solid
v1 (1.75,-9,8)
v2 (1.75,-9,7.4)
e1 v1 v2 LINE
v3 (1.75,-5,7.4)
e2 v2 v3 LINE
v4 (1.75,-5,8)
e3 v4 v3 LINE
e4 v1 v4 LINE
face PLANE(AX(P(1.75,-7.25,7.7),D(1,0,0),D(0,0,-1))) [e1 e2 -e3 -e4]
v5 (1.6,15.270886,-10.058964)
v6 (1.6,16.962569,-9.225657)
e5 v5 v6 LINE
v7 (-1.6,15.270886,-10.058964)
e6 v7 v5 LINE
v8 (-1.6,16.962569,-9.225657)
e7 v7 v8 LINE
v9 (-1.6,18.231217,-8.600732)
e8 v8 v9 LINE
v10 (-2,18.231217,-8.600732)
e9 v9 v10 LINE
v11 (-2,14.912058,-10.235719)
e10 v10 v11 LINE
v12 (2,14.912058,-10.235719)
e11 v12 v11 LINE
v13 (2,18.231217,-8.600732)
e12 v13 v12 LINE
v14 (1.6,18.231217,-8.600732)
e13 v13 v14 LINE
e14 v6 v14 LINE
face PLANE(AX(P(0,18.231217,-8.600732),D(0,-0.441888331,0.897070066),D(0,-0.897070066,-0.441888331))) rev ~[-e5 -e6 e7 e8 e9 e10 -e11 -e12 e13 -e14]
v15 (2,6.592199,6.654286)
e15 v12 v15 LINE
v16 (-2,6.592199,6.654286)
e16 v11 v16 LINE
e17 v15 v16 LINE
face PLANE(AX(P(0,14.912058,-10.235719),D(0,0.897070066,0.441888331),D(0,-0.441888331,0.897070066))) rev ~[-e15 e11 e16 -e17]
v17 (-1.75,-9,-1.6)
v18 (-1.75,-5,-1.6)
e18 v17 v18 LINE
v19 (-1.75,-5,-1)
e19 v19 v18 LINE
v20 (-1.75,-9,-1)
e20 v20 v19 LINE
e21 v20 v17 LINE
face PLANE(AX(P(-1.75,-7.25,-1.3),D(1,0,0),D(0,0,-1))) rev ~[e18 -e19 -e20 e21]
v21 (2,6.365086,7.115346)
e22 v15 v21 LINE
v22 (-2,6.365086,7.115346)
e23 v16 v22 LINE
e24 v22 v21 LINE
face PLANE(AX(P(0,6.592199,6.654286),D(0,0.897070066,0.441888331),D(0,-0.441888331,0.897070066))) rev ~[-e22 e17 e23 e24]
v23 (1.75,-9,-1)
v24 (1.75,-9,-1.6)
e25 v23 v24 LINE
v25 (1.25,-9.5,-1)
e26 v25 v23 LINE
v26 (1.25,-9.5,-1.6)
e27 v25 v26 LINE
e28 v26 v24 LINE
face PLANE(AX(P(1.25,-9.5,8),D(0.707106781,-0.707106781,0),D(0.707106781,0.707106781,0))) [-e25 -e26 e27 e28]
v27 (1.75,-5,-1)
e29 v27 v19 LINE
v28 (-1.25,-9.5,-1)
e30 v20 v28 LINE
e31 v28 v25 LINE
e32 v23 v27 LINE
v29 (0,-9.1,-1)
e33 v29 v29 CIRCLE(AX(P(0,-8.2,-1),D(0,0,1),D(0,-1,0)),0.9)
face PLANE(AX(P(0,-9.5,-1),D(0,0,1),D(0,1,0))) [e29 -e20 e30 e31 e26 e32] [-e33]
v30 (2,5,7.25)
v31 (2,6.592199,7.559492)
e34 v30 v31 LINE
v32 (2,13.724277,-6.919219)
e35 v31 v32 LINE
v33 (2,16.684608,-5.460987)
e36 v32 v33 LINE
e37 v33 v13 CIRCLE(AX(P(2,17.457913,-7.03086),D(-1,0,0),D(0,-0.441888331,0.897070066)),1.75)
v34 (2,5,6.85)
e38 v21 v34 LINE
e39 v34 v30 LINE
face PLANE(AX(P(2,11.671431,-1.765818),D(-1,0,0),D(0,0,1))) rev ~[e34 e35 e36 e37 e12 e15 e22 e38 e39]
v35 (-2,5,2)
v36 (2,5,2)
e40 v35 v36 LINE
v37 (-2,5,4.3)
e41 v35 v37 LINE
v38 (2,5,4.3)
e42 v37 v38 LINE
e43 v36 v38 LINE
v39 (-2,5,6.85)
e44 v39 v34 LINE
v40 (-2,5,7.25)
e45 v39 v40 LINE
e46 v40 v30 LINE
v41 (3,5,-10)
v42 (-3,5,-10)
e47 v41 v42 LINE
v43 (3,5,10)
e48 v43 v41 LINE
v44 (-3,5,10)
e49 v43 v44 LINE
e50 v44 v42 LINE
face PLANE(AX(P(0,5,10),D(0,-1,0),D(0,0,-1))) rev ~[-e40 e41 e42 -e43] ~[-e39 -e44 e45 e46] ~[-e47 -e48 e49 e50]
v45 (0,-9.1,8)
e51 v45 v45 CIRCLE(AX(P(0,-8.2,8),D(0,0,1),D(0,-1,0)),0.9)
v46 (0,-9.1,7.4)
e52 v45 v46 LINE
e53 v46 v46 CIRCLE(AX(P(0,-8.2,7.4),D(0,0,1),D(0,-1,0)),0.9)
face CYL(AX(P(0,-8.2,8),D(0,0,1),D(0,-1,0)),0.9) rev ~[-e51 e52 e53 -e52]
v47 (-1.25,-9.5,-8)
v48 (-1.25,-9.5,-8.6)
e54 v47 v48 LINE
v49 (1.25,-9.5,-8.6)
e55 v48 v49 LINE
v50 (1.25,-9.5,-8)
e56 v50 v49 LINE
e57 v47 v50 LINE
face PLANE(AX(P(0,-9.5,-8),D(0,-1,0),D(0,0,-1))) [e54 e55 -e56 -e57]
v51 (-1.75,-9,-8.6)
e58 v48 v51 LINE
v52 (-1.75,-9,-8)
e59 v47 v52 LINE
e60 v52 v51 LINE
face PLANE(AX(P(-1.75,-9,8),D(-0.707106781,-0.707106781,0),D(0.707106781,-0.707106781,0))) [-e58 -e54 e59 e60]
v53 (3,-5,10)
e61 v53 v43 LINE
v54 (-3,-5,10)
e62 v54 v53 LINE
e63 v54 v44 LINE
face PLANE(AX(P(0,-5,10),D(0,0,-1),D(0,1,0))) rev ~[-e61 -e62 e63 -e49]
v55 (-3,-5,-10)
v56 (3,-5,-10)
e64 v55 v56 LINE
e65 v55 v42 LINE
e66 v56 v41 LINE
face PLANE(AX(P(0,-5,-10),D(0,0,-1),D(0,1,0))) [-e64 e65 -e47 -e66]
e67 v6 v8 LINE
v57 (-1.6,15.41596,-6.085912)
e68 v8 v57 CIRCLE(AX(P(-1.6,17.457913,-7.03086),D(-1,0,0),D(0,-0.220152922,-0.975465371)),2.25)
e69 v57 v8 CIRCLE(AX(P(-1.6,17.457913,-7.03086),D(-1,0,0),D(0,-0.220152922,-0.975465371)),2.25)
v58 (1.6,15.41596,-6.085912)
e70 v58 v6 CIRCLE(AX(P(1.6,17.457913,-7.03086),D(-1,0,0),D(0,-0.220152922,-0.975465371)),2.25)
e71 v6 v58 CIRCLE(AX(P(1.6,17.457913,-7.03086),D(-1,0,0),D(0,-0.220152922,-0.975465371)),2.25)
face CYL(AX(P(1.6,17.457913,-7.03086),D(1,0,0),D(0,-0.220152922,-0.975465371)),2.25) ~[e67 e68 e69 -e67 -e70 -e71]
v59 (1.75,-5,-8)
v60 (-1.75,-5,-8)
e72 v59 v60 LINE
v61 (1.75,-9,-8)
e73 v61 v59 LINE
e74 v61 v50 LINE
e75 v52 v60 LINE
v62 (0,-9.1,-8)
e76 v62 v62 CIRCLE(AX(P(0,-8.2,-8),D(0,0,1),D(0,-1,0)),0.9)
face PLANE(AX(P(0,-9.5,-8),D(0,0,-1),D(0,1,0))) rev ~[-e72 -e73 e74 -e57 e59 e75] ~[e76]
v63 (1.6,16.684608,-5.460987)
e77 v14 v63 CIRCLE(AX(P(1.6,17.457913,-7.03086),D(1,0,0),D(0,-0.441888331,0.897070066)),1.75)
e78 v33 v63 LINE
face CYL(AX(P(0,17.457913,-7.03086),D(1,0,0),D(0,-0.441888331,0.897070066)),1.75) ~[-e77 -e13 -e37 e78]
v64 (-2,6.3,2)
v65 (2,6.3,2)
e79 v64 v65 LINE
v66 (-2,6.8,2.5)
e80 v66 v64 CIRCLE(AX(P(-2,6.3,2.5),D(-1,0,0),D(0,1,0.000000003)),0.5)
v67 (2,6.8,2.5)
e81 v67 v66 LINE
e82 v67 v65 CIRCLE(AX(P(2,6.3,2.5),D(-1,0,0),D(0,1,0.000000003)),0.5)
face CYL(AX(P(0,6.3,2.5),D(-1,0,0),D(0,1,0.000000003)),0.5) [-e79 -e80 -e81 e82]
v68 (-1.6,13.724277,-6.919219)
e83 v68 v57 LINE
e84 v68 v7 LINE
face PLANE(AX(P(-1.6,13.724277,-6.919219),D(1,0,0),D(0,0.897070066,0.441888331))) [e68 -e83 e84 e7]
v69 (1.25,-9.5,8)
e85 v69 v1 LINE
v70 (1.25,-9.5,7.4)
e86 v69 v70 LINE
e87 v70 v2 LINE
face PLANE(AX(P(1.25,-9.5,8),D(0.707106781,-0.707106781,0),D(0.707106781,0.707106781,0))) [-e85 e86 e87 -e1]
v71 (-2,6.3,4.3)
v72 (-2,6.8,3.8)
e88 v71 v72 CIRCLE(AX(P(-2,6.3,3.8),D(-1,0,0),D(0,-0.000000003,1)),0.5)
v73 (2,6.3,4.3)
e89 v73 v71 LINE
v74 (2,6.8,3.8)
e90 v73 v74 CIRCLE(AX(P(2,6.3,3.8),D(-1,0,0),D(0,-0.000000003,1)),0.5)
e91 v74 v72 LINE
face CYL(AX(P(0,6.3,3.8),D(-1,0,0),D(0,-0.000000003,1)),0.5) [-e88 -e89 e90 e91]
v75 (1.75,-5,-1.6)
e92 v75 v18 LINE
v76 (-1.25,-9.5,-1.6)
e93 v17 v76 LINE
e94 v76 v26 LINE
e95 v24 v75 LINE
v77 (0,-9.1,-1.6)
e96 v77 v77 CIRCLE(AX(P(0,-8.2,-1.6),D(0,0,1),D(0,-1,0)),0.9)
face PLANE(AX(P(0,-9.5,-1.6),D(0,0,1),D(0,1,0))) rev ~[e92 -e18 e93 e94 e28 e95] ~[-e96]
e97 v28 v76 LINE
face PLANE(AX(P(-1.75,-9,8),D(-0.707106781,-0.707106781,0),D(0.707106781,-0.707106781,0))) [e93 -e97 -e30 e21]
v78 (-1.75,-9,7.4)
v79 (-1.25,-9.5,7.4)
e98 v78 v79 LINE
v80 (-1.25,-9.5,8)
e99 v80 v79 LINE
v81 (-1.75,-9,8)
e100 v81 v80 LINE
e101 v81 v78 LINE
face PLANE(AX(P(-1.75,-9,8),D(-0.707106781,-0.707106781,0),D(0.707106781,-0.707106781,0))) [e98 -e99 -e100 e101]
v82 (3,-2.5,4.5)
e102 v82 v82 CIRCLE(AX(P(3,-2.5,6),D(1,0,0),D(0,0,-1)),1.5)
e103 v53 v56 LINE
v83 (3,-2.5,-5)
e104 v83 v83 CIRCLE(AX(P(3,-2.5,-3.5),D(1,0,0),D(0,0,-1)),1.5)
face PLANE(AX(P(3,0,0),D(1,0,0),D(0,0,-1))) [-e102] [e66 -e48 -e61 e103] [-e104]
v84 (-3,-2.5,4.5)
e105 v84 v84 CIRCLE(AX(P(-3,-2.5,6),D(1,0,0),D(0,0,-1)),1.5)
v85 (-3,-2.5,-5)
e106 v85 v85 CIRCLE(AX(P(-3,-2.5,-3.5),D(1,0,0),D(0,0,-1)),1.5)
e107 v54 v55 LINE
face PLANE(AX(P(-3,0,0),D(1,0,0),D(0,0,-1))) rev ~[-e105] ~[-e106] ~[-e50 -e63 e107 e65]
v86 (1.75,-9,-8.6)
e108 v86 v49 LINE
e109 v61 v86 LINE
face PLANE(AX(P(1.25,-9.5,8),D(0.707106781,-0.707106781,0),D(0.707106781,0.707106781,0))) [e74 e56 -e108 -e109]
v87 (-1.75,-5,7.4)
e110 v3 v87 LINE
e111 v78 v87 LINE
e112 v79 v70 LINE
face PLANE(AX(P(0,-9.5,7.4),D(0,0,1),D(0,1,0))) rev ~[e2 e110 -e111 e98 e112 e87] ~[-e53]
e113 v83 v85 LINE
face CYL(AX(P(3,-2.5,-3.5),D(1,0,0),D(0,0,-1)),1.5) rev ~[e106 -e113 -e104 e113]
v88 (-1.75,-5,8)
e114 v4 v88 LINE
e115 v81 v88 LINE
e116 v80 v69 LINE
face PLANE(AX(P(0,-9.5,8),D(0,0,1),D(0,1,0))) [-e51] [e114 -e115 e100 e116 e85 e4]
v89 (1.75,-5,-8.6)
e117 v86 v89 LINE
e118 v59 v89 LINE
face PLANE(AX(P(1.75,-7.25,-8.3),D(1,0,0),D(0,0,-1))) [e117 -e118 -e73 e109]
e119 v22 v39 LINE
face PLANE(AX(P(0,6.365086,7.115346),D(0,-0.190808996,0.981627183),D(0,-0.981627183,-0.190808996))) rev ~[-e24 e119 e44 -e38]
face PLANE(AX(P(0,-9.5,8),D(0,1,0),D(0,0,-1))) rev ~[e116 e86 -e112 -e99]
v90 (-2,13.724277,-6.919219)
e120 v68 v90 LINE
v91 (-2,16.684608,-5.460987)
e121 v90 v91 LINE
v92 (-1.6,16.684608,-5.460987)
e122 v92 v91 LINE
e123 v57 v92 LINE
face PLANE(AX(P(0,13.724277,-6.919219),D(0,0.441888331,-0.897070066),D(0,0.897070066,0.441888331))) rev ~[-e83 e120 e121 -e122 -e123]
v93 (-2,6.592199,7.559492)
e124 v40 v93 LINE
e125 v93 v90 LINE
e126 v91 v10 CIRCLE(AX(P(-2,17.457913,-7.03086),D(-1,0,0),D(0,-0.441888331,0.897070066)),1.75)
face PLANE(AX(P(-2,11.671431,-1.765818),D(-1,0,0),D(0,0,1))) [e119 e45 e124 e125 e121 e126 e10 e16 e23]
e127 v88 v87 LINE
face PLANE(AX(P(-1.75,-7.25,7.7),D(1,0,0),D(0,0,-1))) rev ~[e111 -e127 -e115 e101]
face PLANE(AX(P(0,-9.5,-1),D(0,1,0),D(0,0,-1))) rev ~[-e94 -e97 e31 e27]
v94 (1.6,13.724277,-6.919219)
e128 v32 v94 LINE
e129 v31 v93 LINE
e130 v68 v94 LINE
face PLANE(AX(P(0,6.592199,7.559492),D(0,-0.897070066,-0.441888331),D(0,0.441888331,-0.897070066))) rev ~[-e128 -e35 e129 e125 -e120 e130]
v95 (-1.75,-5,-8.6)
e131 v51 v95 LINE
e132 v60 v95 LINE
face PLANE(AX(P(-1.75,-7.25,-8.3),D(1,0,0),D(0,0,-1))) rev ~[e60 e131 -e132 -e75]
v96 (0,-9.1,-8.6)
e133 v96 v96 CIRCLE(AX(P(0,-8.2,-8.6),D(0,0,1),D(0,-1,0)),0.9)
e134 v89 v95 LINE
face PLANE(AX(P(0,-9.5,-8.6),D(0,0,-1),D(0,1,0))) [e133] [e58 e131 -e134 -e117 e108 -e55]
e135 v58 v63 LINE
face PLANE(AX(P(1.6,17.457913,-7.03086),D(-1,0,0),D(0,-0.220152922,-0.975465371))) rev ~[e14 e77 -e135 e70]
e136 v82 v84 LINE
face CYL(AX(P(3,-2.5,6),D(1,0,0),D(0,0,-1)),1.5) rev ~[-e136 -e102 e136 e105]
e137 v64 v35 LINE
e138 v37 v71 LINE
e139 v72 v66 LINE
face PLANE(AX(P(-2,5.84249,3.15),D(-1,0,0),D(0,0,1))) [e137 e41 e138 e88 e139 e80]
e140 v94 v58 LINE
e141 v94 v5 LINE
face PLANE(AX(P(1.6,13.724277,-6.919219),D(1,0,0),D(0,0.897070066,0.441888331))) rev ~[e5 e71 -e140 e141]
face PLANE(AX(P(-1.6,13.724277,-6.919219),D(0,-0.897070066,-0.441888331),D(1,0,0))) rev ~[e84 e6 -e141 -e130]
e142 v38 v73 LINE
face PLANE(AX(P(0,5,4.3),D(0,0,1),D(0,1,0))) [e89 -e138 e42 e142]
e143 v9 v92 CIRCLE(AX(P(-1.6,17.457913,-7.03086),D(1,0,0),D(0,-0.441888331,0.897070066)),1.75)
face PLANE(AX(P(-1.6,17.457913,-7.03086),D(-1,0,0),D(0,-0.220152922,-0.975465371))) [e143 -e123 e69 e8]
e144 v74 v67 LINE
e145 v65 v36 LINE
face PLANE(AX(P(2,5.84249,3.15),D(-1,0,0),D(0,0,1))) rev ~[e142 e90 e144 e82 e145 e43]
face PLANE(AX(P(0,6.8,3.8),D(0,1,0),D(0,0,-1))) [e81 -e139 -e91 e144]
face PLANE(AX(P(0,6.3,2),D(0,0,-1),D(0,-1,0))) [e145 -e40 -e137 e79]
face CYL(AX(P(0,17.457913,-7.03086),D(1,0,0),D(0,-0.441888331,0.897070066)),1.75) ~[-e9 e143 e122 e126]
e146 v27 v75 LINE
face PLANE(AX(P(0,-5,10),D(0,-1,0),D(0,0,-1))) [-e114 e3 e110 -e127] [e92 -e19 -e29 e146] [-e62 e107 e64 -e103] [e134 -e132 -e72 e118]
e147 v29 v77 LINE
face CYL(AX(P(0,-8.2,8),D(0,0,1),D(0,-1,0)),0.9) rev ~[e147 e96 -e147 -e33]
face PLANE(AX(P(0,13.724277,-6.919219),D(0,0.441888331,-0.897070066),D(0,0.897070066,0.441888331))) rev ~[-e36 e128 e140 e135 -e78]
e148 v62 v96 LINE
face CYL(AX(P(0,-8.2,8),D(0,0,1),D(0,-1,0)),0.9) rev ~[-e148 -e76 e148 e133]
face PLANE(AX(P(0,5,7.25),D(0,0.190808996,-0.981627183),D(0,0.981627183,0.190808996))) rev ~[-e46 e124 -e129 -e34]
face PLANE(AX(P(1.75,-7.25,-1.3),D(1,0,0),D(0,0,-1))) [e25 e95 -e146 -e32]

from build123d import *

# Parameters (mm, degrees)
CROQUIS2_W              = 20
CROQUIS2_H              = 10
SALIENTE_EXTRUIR1_DEPTH = 3
SALIENTE_EXTRUIR2_DEPTH = 2
CROQUIS4_W              = 3.2
CROQUIS4_H              = 5.473345926
CORTAR_EXTRUIR1_DEPTH   = 4
CROQUIS5_R              = 2.25
SALIENTE_EXTRUIR3_DEPTH = 3.2
CROQUIS6_R              = 1.5
CORTAR_EXTRUIR2_DEPTH   = 24.003733896
CROQUIS7_W              = 0.6
CROQUIS7_H              = 4.5
SALIENTE_EXTRUIR4_DEPTH = 1.75
CROQUIS8_R              = 0.9
CORTAR_EXTRUIR3_DEPTH   = 28.017462518


with BuildPart() as part:
    # Croquis2 → Saliente-Extruir1 (new, symmetric)
    with BuildSketch(Plane(origin=(0, 0, 0), x_dir=(0, 0, -1), z_dir=(1, 0, 0))):
        Rectangle(CROQUIS2_W, CROQUIS2_H)
    extrude(amount=SALIENTE_EXTRUIR1_DEPTH, both=True)

    # Croquis3 → Saliente-Extruir2 (add, symmetric)
    with BuildSketch(Plane(origin=(0, 0, 0), x_dir=(0, 0, -1), z_dir=(1, 0, 0))):
        with BuildLine():
            Line((-4.3, 5), (-4.3, 6.3))
            ThreePointArc((-4.3, 6.3), (-4.153553391, 6.653553391), (-3.8, 6.8))
            Line((-3.8, 6.8), (-2.5, 6.8))
            ThreePointArc((-2.5, 6.8), (-2.146446609, 6.653553391), (-2, 6.3))
            Line((-2, 6.3), (-2, 5))
            Line((-2, 5), (-4.3, 5))
        make_face()
        with BuildLine():
            Line((-7.25, 5), (-7.559492191, 6.592199292))
            Line((-7.559492191, 6.592199292), (6.919218672, 13.724276953))
            Line((6.919218672, 13.724276953), (5.46098718, 16.68460817))
            ThreePointArc((5.46098718, 16.68460817), (6.257555216, 19.027785364), (8.60073241, 18.231217328))
            Line((8.60073241, 18.231217328), (10.235719234, 14.912058085))
            Line((10.235719234, 14.912058085), (-6.654286119, 6.592199292))
            Line((-6.654286119, 6.592199292), (-7.115345765, 6.365085619))
            Line((-7.115345765, 6.365085619), (-6.85, 5))
            Line((-6.85, 5), (-7.25, 5))
        make_face()
    extrude(amount=SALIENTE_EXTRUIR2_DEPTH, both=True)

    # Croquis4 → Cortar-Extruir1 (cut)
    with BuildSketch(Plane(origin=(0, 5.422686469, -11.008504563), x_dir=(1, 0, 0), z_dir=(0, -0.4418883309364162, 0.8970700658155017))):
        with Locations((0, 11.990789002)):
            Rectangle(CROQUIS4_W, CROQUIS4_H)
    extrude(amount=-CORTAR_EXTRUIR1_DEPTH, mode=Mode.SUBTRACT)

    # Croquis5 → Saliente-Extruir3 (add)
    with BuildSketch(Plane.ZY.offset(-1.6)):
        with Locations((-7.030859795, 17.457912749)):
            Circle(CROQUIS5_R)
    extrude(amount=SALIENTE_EXTRUIR3_DEPTH)

    # Croquis6 → Cortar-Extruir2 (cut, through all)
    with BuildSketch(Plane(origin=(3, 0, 0), x_dir=(0, 0, -1), z_dir=(1, 0, 0))):
        with Locations((-6, -2.5)):
            Circle(CROQUIS6_R)
        with Locations((3.5, -2.5)):
            Circle(CROQUIS6_R)
    extrude(amount=-CORTAR_EXTRUIR2_DEPTH, mode=Mode.SUBTRACT)

    # Croquis7 → Saliente-Extruir4 (add, symmetric)
    with BuildSketch(Plane(origin=(0, 0, 0), x_dir=(0, 0, -1), z_dir=(1, 0, 0))):
        with Locations((-7.7, -7.25)):
            Rectangle(CROQUIS7_W, CROQUIS7_H)
        with Locations((1.3, -7.25)):
            Rectangle(CROQUIS7_W, CROQUIS7_H)
        with Locations((8.3, -7.25)):
            Rectangle(CROQUIS7_W, CROQUIS7_H)
    extrude(amount=SALIENTE_EXTRUIR4_DEPTH, both=True)

    # Croquis8 → Cortar-Extruir3 (cut, through all)
    with BuildSketch(Plane.XY.offset(8)):
        with Locations((0, -8.2)):
            Circle(CROQUIS8_R)
        Polygon((-1.75, -9), (-1.25, -9.5), (-1.75, -9.5), align=None)
        Polygon((1.25, -9.5), (1.75, -9), (1.75, -9.5), align=None)
    extrude(amount=-CORTAR_EXTRUIR3_DEPTH, mode=Mode.SUBTRACT)


solid = part.part
